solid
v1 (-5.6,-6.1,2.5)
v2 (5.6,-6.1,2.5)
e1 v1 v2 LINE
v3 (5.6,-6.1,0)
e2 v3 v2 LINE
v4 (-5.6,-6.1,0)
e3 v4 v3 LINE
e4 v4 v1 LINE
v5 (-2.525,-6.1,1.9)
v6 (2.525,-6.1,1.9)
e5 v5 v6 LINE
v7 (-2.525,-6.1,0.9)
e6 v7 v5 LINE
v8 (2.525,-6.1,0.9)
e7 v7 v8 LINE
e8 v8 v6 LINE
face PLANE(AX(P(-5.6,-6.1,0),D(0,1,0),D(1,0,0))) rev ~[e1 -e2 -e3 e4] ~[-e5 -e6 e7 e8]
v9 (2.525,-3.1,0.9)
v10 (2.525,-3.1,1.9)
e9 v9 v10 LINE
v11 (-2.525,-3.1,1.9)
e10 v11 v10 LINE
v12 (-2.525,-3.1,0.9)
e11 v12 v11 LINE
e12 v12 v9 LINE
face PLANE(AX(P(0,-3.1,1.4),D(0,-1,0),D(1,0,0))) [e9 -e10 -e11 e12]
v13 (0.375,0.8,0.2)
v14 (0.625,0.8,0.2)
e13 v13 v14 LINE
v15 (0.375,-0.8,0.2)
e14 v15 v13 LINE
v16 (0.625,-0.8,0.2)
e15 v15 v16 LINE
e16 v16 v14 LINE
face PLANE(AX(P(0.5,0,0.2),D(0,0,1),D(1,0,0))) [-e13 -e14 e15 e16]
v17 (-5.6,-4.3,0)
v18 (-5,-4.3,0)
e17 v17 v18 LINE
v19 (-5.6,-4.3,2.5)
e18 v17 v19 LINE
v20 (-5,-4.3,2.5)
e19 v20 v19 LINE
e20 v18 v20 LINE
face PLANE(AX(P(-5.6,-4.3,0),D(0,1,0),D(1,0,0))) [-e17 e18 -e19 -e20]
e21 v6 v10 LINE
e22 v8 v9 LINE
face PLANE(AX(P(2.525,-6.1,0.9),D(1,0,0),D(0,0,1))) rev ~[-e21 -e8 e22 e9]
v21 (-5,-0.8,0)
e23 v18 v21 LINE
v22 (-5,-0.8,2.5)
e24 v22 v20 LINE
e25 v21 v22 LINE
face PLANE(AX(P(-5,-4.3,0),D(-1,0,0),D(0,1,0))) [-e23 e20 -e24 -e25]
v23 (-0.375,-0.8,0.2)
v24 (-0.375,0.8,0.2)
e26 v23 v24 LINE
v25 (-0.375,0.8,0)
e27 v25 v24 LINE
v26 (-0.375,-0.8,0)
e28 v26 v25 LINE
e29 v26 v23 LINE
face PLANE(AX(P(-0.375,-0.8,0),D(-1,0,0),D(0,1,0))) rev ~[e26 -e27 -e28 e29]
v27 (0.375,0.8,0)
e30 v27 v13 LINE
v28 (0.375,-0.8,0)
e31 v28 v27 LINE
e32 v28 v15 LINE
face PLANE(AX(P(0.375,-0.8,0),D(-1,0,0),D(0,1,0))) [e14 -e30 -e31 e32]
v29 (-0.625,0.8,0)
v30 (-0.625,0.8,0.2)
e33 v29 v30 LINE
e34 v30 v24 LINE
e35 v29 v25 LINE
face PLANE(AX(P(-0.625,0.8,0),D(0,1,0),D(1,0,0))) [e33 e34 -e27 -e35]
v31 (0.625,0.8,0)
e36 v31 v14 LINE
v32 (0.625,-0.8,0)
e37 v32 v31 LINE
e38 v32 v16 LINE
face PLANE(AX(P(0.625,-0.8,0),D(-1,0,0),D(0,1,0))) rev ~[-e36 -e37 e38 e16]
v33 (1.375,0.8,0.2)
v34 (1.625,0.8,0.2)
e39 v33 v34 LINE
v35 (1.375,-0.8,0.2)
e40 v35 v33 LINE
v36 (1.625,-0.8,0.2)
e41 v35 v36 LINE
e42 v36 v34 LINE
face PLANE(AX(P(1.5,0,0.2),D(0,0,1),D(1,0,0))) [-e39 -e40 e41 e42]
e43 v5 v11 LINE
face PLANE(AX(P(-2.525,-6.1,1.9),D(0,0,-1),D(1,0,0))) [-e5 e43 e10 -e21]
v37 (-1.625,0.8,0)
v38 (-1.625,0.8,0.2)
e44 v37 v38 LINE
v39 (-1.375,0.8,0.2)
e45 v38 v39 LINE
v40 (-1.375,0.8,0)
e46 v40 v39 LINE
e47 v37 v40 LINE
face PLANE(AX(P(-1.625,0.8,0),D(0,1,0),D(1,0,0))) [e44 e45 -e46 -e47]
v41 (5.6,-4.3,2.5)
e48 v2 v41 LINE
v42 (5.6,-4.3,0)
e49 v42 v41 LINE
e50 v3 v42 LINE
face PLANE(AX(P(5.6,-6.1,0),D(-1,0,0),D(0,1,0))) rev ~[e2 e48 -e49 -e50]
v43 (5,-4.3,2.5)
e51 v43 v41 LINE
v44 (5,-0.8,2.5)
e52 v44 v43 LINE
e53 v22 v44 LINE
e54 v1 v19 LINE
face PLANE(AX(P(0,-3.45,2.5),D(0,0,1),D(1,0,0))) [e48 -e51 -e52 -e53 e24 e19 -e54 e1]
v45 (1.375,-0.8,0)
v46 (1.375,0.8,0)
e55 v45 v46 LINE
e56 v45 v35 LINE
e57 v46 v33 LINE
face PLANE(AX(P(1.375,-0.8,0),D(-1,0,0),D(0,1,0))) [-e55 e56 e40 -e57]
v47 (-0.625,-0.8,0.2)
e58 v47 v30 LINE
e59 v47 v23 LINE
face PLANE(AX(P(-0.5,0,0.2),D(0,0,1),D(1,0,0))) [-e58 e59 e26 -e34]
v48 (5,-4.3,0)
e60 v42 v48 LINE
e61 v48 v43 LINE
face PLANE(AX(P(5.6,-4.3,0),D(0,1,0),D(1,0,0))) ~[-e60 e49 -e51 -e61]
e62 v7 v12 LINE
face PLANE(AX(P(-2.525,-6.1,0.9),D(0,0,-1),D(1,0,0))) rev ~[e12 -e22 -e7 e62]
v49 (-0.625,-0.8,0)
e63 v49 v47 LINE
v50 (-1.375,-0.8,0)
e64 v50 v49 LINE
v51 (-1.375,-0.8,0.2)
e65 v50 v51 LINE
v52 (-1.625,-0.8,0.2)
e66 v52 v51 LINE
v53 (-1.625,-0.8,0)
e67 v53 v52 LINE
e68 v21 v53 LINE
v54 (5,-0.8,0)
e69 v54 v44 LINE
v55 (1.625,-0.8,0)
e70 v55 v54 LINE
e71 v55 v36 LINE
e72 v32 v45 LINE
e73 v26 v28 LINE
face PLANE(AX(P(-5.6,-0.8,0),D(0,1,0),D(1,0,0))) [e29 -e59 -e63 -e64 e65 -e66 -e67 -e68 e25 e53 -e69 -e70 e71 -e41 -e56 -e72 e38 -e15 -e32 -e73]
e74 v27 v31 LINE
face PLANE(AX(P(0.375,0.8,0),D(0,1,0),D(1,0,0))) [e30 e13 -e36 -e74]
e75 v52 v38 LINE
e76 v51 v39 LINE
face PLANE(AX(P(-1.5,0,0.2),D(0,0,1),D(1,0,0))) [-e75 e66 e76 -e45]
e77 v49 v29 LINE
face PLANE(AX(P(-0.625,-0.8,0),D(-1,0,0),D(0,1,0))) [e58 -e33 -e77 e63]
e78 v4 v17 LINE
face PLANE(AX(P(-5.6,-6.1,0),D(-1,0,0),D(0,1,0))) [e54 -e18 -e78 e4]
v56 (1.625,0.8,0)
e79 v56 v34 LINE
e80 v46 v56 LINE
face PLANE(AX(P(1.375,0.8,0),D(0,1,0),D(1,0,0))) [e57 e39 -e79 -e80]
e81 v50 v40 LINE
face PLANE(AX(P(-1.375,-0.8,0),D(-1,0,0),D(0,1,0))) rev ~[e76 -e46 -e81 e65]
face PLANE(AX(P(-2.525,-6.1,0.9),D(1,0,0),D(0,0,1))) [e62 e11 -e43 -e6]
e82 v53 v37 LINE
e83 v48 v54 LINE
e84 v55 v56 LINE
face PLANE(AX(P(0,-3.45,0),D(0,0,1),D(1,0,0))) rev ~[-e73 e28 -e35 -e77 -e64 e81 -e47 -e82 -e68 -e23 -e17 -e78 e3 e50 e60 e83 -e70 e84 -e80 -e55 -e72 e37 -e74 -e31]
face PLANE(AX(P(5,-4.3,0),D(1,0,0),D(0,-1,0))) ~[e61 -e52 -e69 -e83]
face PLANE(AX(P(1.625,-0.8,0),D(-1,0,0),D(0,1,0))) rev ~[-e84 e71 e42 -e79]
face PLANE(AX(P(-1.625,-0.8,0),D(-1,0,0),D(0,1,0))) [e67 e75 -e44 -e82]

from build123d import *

# Parameters (mm, degrees)
SKETCH_W            = 11.2
SKETCH_H            = 5.3
PAD_DEPTH           = 2.5
SKETCH001_W         = 0.25
SKETCH001_H         = 1.6
PAD001_DEPTH        = 0.2
LINEARPATTERN_COUNT = 4
LINEARPATTERN_PITCH = 1
SKETCH002_W         = 0.6
SKETCH002_H         = 3.5
POCKET_DEPTH        = 29.28159
SKETCH003_W         = 5.05
SKETCH003_H         = 1
POCKET001_DEPTH     = 3


with BuildPart() as part:
    # Sketch → Pad (new body)
    with BuildSketch(Plane.XY):
        with Locations((0, -3.45)):
            Rectangle(SKETCH_W, SKETCH_H)
    extrude(amount=PAD_DEPTH)

    # Sketch001 → Pad001 (join)
    with BuildSketch(Plane.XY):
        with Locations((-1.5, 0)):
            Rectangle(SKETCH001_W, SKETCH001_H)
    pad001 = extrude(amount=PAD001_DEPTH)

    # LinearPattern: Pad001 ×4
    with Locations(*[(i * LINEARPATTERN_PITCH, 0, 0) for i in range(1, LINEARPATTERN_COUNT)]):
        add(pad001)

    # Sketch002 → Pocket (cut, through all)
    with BuildSketch(Plane.XY):
        with Locations((-5.3, -2.55)):
            Rectangle(SKETCH002_W, SKETCH002_H)
    pocket = extrude(amount=POCKET_DEPTH, mode=Mode.SUBTRACT)

    # Mirrored: Pocket across YZ
    add(pocket.mirror(Plane.YZ), mode=Mode.SUBTRACT)

    # Sketch003 (on Face3 of Mirrored) → Pocket001 (cut)
    with BuildSketch(Plane.XZ.offset(6.1)):
        with Locations((0, 1.4)):
            Rectangle(SKETCH003_W, SKETCH003_H)
    extrude(amount=-POCKET001_DEPTH, mode=Mode.SUBTRACT)


solid = part.part
